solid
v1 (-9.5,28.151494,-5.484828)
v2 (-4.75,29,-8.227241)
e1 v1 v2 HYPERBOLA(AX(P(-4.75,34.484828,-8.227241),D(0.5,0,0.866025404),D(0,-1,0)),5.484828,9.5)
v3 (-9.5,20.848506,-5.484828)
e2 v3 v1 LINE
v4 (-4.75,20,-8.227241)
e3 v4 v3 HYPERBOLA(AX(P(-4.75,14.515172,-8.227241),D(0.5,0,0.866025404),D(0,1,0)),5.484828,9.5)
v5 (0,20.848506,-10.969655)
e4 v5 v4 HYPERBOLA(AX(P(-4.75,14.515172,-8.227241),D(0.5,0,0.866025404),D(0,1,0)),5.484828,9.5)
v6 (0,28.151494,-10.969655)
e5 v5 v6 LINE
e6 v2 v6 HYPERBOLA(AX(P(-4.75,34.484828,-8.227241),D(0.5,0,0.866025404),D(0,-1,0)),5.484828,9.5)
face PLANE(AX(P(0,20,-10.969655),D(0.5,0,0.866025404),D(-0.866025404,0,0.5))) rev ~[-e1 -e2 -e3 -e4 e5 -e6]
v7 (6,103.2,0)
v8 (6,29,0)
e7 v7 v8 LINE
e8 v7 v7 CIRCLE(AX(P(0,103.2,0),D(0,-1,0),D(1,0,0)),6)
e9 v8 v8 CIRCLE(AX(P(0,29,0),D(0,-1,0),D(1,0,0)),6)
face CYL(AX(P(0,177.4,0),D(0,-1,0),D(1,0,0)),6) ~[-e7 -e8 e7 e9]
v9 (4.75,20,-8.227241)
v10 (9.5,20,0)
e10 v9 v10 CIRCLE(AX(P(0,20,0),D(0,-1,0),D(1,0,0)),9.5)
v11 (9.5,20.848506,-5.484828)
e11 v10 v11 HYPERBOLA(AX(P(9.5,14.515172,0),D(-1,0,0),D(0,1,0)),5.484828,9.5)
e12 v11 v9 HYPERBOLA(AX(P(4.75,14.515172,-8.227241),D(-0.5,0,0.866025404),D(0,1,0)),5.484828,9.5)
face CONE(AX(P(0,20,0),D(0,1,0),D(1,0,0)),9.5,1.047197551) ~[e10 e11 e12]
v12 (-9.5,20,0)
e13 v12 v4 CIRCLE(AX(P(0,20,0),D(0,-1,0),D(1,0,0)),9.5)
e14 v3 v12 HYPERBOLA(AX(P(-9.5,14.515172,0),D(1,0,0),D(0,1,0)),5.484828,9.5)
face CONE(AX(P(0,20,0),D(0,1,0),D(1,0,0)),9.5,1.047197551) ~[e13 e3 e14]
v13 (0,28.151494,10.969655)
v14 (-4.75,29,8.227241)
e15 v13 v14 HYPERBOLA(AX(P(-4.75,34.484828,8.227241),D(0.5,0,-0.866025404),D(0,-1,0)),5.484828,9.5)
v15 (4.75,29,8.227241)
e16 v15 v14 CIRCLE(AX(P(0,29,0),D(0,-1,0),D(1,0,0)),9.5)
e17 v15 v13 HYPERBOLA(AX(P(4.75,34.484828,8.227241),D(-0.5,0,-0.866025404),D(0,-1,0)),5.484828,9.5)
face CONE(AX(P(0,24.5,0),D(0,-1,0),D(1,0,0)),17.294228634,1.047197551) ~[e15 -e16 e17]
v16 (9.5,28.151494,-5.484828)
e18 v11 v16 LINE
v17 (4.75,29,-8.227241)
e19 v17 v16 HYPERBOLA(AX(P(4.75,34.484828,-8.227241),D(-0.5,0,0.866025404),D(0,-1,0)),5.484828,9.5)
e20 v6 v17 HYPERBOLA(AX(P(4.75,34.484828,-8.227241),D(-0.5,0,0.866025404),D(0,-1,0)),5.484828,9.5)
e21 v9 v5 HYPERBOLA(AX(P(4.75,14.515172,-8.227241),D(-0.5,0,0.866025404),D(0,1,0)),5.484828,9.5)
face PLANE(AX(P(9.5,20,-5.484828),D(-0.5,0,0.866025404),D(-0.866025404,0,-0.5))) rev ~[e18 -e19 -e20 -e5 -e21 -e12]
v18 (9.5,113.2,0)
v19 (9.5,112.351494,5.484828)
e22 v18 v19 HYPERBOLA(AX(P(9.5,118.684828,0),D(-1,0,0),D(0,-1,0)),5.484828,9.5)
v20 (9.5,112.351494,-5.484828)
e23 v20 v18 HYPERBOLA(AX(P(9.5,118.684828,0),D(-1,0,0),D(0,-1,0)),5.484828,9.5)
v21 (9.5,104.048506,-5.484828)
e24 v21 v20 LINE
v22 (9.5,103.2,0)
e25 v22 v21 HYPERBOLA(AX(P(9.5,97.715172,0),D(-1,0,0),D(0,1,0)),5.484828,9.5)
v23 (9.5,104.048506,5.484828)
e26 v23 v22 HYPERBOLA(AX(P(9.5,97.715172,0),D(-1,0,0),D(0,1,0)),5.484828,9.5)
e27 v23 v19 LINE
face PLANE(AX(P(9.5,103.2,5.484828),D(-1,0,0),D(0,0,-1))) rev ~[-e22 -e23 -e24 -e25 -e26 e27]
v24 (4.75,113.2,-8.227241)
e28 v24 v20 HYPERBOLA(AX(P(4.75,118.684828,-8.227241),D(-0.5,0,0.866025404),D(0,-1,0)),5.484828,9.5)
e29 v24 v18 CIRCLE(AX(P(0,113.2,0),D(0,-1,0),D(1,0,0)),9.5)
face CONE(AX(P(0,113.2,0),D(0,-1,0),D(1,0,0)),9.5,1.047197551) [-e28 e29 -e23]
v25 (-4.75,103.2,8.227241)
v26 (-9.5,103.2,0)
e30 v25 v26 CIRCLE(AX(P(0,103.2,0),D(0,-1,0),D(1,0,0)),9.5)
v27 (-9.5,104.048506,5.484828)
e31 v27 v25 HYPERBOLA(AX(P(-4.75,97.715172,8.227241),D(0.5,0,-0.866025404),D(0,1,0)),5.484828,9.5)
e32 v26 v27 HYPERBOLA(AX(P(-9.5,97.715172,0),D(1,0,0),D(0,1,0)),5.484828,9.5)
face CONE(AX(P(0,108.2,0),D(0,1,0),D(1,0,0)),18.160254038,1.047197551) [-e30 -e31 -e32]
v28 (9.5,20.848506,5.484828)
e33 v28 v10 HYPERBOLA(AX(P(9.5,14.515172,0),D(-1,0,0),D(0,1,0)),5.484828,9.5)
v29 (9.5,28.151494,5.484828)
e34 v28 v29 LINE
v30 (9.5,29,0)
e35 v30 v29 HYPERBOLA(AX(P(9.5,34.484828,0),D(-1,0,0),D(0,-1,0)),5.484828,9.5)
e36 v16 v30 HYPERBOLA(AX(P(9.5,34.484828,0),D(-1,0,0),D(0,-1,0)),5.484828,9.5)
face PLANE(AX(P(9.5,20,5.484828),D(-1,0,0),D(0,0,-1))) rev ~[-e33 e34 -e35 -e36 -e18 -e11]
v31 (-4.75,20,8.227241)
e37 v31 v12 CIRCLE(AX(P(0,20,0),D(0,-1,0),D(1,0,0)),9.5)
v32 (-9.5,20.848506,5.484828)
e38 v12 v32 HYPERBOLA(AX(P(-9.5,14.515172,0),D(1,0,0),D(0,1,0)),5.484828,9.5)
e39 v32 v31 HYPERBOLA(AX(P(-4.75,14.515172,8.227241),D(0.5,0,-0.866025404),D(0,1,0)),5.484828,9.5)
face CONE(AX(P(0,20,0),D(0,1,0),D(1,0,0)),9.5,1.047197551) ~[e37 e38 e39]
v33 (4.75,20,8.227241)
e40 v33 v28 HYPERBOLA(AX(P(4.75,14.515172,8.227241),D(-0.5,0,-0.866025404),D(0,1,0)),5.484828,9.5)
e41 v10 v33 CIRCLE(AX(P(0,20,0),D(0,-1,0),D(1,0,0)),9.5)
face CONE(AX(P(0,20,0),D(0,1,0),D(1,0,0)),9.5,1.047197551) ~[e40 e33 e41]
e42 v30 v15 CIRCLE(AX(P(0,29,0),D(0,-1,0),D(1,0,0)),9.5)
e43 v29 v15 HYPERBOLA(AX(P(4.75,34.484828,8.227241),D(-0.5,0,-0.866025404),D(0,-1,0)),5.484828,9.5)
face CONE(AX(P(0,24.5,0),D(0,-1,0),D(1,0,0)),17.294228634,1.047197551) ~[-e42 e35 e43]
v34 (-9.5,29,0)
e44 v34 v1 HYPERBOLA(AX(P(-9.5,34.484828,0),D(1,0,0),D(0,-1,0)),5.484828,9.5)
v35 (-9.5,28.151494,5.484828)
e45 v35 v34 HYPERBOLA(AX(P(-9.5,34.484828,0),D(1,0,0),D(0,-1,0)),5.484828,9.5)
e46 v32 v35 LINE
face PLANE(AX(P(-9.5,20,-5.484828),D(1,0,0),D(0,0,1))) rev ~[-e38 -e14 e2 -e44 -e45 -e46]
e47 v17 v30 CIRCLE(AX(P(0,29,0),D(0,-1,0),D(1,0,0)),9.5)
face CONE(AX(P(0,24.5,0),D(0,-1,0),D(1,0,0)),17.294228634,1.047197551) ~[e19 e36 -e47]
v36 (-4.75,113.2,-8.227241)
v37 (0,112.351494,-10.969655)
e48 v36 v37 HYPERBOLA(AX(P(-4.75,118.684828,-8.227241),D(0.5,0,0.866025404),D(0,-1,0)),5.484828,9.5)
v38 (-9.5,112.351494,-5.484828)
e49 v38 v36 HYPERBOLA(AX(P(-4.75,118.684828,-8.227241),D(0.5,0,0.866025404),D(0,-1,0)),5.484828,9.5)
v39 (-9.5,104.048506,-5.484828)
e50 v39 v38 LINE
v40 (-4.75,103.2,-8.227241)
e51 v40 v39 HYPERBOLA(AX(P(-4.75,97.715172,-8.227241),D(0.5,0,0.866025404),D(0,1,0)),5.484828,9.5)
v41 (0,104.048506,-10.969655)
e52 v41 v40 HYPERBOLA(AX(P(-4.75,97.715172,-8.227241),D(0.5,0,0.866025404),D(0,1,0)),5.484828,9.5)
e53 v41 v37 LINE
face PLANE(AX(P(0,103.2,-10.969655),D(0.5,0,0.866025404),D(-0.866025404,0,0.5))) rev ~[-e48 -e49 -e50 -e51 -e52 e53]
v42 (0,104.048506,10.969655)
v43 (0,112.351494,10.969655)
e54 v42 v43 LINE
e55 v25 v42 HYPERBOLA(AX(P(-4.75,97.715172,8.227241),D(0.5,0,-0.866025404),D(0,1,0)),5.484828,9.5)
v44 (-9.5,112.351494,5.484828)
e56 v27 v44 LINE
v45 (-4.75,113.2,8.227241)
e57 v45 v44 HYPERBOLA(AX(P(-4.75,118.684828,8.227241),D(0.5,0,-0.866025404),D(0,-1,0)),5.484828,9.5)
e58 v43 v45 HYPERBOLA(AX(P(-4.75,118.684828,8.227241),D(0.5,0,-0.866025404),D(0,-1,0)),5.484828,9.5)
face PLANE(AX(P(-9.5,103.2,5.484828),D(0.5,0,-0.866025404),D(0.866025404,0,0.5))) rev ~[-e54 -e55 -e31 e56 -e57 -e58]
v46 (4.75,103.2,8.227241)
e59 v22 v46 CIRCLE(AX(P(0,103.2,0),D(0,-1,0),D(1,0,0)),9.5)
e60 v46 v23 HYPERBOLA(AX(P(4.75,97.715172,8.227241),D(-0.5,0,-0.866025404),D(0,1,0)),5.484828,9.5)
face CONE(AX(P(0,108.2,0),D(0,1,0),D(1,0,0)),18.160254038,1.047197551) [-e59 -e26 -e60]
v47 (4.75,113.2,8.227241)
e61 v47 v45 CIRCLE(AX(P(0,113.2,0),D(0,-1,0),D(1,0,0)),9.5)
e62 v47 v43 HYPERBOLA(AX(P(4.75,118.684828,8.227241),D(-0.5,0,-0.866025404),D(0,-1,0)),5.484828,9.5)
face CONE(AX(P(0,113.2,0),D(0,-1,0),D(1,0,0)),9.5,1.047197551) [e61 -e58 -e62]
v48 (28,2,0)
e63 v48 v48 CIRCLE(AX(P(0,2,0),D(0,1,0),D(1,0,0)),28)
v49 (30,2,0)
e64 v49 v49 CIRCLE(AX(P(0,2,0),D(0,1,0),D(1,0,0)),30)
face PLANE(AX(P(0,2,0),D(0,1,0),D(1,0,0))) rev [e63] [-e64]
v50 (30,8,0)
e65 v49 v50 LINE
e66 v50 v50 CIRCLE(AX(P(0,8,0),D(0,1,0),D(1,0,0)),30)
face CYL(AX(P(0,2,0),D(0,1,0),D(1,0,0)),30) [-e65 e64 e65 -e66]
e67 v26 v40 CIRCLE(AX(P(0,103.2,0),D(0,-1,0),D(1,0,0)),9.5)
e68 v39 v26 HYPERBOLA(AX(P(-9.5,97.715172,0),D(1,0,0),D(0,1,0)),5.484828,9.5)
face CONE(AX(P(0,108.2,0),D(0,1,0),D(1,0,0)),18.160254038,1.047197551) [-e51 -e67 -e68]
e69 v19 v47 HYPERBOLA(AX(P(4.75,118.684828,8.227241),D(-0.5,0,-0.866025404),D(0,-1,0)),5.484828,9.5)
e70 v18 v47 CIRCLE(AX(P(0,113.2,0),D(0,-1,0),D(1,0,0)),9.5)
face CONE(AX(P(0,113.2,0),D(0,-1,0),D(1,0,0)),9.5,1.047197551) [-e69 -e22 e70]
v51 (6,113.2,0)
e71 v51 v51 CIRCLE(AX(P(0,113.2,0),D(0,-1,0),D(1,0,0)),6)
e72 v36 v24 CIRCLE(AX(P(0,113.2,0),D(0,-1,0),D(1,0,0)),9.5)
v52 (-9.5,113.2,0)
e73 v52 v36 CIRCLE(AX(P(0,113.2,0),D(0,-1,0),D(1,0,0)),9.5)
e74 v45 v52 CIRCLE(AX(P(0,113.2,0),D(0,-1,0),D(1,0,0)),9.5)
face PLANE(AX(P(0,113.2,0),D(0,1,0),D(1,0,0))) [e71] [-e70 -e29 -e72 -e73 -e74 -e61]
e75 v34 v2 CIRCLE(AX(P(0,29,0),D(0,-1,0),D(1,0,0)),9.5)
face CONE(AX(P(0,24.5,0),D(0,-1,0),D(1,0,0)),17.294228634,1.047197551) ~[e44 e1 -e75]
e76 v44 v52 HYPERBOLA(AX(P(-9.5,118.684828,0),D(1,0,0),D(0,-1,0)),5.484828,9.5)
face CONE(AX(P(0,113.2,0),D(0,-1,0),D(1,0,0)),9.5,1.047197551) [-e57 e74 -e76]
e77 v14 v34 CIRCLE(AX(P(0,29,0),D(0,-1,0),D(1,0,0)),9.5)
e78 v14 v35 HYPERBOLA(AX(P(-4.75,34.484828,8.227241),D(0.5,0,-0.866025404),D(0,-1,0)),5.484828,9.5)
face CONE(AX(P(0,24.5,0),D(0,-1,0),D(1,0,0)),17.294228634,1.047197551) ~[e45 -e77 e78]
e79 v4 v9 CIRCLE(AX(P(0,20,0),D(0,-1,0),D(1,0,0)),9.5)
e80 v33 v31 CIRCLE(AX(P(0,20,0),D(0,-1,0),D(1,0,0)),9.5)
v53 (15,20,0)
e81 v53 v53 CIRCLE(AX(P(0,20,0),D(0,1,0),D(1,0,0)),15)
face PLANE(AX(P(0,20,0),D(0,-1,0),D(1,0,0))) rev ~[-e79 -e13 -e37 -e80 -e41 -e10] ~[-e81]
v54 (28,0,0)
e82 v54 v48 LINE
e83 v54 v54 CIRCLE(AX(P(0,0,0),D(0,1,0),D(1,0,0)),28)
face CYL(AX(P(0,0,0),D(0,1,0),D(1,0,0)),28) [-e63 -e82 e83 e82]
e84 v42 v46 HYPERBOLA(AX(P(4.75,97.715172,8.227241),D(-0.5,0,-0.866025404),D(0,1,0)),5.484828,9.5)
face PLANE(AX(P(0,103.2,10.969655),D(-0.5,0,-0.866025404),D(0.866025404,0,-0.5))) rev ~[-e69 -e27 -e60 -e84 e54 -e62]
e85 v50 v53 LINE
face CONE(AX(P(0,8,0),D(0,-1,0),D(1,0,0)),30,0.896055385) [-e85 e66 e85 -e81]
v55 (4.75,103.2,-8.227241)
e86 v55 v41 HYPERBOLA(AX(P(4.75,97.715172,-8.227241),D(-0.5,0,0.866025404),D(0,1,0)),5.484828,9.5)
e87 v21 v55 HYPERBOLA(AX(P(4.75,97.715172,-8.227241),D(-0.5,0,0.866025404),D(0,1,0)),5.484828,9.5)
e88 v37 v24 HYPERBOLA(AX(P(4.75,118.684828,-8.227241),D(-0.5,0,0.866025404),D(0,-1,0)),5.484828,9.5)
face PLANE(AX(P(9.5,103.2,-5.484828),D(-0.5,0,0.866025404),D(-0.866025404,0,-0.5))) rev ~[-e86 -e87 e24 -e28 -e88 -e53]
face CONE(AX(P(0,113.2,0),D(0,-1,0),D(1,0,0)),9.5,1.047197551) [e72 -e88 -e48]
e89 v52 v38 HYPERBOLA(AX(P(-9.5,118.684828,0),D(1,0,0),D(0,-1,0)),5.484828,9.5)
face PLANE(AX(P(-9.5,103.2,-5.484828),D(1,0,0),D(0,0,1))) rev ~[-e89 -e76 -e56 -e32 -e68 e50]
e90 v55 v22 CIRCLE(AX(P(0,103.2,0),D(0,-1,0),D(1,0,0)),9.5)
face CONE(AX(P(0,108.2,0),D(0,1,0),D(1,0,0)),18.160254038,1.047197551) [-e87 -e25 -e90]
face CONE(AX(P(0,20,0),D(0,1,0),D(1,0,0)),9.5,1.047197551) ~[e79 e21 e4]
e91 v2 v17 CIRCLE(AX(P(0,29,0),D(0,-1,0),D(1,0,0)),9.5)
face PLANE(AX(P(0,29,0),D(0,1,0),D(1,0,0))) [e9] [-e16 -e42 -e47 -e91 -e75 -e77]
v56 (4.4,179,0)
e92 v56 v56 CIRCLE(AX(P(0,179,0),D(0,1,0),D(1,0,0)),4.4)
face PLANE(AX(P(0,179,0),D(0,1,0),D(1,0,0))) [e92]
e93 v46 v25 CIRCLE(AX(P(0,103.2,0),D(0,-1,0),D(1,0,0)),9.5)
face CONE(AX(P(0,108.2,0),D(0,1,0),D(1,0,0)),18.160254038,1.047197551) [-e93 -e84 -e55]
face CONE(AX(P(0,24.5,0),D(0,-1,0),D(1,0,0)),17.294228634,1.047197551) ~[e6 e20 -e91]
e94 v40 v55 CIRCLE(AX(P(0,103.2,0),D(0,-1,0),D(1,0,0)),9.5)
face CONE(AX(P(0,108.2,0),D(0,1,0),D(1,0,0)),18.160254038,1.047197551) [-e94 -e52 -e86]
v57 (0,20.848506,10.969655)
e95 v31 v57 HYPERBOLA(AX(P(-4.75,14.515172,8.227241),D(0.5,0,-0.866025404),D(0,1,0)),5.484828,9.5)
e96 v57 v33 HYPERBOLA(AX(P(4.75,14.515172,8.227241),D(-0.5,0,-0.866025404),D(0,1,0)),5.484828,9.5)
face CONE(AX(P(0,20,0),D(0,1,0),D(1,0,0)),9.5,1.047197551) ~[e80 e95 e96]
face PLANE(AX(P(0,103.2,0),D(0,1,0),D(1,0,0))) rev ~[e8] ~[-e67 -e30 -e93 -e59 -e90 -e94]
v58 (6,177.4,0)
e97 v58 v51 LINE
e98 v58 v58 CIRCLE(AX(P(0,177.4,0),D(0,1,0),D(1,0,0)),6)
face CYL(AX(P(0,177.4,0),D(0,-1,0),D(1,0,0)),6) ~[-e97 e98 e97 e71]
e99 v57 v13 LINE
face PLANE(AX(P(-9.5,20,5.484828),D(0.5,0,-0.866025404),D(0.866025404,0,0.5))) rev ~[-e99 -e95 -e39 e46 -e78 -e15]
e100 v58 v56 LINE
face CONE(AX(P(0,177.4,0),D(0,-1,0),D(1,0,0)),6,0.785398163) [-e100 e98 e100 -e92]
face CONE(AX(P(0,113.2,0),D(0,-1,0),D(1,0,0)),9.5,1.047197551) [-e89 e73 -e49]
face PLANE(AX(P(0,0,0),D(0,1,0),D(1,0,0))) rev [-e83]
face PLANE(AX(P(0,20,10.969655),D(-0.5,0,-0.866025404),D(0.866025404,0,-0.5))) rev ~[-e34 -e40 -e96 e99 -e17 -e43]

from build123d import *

# Parameters (mm, degrees)
EXTRUDE_1_DEPTH = 9
EXTRUDE_2_DEPTH = 10


with BuildPart() as part:
    # Эскиз1 → Повернуть1 (revolve)
    with BuildSketch(Plane.XY, mode=Mode.PRIVATE) as revolve_1_sk:
        Polygon((0, 0), (-28, 0), (-28, 2), (-30, 2), (-30, 8), (-15, 20), (-6, 20), (-6, 29), (-6, 177.4), (-4.4, 179), (0, 179), align=None)
    revolve(revolve_1_sk.sketch.rotate(Axis((0, 0, 0), (0, 1, 0)), 180), axis=Axis((0, 0, 0), (0, 1, 0)))  # turned: the seam where the file's is

    # Эскиз2 → Бобышка-Вытянуть1 (add)
    with BuildSketch(Plane(origin=(0, 20, 0), x_dir=(1, 0, 0), z_dir=(0, 1, 0))):
        Polygon((0, 10.969655115), (-9.5, 5.484827557), (-9.5, -5.484827557), (0, -10.969655115), (9.5, -5.484827557), (9.5, 5.484827557), align=None)
    extrude(amount=EXTRUDE_1_DEPTH)

    # Эскиз3 → Бобышка-Вытянуть2 (add)
    with BuildSketch(Plane(origin=(0, 103.2, 0), x_dir=(1, 0, 0), z_dir=(0, 1, 0))):
        Polygon((9.5, 5.484827557), (0, 10.969655115), (-9.5, 5.484827557), (-9.5, -5.484827557), (0, -10.969655115), (9.5, -5.484827557), align=None)
    extrude(amount=EXTRUDE_2_DEPTH)

    # Эскиз4 → Вырез-Повернуть2 (revolve, cut)
    with BuildSketch(Plane.XY, mode=Mode.PRIVATE) as cut_revolve_2_sk:
        Polygon((-18.160254038, 113.2), (-9.5, 113.2), (-18.160254038, 108.2), align=None)
        Polygon((-18.160254038, 103.2), (-18.160254038, 108.2), (-9.5, 103.2), align=None)
        Polygon((-17.294228634, 29), (-17.294228634, 24.5), (-9.5, 29), align=None)
        Polygon((-17.294228634, 24.5), (-17.294228634, 20), (-9.5, 20), align=None)
    revolve(cut_revolve_2_sk.sketch.rotate(Axis((0, 179, 0), (0, -1, 0)), 180), axis=Axis((0, 179, 0), (0, -1, 0)), mode=Mode.SUBTRACT)  # turned: the seam where the file's is


solid = part.part
